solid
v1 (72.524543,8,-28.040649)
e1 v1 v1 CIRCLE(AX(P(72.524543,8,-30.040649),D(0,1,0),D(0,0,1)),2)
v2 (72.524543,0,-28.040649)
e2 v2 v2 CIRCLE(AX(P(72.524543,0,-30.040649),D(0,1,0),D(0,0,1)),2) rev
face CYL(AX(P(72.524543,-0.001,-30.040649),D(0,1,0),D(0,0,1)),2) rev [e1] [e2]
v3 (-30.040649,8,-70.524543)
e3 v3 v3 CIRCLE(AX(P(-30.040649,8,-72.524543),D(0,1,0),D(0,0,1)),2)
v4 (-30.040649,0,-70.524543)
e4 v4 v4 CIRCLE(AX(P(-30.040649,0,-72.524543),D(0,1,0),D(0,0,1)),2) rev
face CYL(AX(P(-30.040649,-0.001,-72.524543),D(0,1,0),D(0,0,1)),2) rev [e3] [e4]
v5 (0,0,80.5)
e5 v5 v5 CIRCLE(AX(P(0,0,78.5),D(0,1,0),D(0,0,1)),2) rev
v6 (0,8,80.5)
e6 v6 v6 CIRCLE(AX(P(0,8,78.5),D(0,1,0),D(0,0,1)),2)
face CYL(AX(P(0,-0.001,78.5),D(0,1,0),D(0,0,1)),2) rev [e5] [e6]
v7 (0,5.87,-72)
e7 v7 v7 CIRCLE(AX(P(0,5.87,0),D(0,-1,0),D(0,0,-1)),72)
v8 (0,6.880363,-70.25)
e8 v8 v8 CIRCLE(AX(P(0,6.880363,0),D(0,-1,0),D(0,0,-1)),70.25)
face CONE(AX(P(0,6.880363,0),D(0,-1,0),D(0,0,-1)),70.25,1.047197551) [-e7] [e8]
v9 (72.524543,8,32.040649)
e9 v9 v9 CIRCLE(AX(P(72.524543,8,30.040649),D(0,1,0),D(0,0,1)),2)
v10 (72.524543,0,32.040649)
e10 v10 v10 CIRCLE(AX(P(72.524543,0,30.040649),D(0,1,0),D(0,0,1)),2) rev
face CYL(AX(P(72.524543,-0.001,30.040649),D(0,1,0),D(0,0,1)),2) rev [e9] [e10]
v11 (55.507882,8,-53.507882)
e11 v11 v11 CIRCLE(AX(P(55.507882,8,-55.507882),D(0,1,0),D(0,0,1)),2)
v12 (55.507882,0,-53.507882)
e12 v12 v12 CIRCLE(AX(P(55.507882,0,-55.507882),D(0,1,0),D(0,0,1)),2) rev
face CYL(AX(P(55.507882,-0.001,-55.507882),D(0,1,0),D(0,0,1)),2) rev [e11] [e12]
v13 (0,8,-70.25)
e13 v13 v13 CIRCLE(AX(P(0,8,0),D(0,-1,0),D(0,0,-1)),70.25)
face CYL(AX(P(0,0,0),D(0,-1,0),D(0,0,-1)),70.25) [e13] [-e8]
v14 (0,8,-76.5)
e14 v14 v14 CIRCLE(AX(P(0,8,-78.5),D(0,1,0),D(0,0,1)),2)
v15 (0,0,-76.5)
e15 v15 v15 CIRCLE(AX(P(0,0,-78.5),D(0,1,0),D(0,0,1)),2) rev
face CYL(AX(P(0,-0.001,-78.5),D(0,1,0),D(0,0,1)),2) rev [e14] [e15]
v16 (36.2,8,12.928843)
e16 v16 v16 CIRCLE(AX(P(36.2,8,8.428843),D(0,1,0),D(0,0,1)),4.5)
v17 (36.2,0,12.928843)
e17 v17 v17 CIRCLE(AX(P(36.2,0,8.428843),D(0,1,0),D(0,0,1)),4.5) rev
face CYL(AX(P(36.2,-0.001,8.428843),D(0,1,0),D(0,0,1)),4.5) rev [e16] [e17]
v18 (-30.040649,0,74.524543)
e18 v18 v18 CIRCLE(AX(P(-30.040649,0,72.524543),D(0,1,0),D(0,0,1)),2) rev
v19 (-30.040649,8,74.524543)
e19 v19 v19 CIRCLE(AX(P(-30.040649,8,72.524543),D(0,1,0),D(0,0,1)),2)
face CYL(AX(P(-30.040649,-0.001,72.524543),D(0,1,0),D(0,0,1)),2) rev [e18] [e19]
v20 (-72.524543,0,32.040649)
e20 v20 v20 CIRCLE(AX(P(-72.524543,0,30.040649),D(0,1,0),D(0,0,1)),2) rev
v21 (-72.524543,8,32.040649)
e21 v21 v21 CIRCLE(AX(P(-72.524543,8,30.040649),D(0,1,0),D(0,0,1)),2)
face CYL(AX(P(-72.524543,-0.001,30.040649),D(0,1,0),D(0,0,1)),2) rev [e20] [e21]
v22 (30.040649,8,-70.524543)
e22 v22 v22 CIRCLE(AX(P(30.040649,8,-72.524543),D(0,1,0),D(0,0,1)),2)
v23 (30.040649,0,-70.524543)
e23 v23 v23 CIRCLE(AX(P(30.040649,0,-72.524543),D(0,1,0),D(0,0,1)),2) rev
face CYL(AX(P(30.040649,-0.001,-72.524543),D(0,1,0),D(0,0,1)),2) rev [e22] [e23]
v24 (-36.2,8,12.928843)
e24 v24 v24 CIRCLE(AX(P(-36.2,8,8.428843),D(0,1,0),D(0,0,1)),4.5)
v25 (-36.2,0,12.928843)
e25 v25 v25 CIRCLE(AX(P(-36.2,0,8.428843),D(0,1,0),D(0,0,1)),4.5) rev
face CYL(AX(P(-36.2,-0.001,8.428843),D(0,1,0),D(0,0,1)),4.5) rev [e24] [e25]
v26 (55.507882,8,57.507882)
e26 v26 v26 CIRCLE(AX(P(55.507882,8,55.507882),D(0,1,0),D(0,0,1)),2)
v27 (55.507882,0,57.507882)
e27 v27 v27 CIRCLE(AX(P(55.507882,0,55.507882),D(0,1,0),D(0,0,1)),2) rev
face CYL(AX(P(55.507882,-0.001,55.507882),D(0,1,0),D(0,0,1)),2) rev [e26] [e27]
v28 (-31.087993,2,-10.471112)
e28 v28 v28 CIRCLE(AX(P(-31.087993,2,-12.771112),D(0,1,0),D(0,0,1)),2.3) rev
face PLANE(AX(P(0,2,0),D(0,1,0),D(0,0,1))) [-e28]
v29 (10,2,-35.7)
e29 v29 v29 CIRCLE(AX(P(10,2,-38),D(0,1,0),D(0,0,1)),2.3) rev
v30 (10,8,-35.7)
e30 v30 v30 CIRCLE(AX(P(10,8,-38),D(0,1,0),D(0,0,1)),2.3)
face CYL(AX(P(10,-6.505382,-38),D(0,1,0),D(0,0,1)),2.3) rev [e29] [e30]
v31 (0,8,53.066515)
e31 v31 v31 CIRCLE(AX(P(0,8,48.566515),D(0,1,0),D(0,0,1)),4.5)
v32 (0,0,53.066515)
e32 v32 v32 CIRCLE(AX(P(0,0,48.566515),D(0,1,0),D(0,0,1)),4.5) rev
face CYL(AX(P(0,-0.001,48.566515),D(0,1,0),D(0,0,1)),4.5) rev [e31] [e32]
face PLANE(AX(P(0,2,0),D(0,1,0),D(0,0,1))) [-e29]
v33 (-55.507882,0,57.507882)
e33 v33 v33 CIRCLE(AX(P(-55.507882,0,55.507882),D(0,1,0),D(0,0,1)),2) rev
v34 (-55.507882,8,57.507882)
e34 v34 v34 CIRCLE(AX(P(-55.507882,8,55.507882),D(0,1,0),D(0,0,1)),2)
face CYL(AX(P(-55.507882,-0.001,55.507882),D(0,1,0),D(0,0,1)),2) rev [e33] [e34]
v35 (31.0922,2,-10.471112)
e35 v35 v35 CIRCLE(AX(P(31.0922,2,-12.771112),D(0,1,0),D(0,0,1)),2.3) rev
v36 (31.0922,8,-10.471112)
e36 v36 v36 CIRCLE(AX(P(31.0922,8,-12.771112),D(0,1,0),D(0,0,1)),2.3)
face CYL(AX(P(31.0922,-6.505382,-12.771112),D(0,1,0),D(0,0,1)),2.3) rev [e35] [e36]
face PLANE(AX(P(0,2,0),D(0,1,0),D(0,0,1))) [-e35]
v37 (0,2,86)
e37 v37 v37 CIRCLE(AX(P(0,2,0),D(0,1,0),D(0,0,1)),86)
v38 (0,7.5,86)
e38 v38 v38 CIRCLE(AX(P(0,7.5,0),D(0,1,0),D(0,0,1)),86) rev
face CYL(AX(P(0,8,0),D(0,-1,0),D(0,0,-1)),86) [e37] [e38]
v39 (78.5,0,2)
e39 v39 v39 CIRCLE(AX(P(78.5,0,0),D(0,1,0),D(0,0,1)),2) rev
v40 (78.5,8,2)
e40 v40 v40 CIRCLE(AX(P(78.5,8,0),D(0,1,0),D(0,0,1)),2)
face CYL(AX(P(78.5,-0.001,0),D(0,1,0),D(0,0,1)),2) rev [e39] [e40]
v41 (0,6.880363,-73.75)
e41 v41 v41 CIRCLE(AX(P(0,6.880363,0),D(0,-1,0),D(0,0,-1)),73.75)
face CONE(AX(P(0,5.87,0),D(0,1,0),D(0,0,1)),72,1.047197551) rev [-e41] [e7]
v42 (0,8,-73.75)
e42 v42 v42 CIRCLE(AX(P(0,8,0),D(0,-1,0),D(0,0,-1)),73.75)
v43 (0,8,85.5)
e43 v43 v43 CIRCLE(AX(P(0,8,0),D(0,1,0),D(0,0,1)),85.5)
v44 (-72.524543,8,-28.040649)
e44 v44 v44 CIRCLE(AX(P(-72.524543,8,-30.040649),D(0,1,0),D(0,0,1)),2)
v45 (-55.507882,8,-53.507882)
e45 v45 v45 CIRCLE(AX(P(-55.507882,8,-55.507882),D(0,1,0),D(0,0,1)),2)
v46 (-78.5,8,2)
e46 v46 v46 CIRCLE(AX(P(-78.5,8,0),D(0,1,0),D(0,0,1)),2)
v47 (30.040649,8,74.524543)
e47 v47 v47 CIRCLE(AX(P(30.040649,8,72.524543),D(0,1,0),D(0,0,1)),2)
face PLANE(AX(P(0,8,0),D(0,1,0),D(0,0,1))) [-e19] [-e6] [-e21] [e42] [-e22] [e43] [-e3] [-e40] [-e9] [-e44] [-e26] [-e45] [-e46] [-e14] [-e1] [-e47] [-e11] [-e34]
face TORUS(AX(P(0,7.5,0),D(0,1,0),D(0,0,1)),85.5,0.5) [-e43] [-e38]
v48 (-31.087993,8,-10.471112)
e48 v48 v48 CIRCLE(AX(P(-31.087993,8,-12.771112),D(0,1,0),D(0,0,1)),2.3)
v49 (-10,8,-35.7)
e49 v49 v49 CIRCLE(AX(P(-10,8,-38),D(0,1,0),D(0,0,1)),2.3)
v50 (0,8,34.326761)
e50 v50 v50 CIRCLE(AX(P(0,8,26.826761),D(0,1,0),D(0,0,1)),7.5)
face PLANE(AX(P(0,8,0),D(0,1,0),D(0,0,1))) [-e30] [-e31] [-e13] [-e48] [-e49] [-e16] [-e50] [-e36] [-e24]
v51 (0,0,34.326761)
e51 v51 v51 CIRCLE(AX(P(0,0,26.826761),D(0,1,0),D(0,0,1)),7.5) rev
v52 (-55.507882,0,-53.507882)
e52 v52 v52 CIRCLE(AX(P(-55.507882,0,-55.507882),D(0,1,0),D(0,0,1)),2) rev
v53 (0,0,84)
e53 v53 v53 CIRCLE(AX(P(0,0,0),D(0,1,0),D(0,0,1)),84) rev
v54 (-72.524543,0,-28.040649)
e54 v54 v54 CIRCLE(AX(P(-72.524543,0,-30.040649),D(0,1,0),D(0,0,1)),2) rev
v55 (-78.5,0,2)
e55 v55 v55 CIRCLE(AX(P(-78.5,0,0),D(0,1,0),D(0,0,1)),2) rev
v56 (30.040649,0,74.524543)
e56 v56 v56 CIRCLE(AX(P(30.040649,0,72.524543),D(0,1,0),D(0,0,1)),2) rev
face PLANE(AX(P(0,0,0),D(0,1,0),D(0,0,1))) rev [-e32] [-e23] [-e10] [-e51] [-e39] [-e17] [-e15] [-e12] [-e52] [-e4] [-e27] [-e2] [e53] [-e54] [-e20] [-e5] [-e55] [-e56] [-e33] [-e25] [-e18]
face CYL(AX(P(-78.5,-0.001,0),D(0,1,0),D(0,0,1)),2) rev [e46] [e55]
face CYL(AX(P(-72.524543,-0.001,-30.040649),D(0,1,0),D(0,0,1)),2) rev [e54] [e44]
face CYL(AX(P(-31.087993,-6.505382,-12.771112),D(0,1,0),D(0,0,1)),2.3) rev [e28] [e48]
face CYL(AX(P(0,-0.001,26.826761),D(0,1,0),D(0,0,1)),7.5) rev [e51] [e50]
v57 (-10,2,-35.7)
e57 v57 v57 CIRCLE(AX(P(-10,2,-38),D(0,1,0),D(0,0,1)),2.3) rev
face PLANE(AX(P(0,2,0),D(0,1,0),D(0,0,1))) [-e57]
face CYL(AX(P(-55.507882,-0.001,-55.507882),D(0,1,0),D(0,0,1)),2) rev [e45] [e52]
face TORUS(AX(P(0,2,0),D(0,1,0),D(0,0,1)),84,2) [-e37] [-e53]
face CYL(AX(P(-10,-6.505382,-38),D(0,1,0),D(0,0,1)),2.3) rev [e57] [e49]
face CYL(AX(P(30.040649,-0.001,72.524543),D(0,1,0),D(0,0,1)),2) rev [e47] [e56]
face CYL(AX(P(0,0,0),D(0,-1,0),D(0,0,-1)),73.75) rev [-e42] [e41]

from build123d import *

# Parameters (mm, degrees)
SKETCH1_R           = 86
BOSS_EXTRUDE1_DEPTH = 8
CUT_EXTRUDE1_REACH  = 123.885
SKETCH2_R           = 2
SKETCH6_R           = 2.3
CUT_EXTRUDE3_DEPTH  = 6
CUT_EXTRUDE4_REACH  = 123.885
SKETCH8_R           = 4.5
SKETCH8_R_2         = 7.5
FILLET1_R           = 2
FILLET2_R           = 0.5


with BuildPart() as part:
    # Sketch1 → Boss-Extrude1 (new body)
    with BuildSketch(Plane(origin=(0, 0, 0), x_dir=(1, 0, 0), z_dir=(0, 1, 0))):
        with Locations(Location((0, 0, 0), (0, 0, 270))):
            Circle(SKETCH1_R)
    extrude(amount=BOSS_EXTRUDE1_DEPTH)

    # Sketch2 → Cut-Extrude1 (cut, up to next)
    with BuildSketch(Plane(origin=(0, 8, 0), x_dir=(1, 0, 0), z_dir=(0, 1, 0)), mode=Mode.PRIVATE) as cut_extrude1_sk1:
        with Locations(Location((0, 78.5, 0), (0, 0, 270))):
            Circle(SKETCH2_R)
    cut_extrude1_tool1 = extrude(cut_extrude1_sk1.sketch, amount=-CUT_EXTRUDE1_REACH, mode=Mode.PRIVATE) & part.part
    # Sketch2 → Cut-Extrude1 (cut, up to next)
    with BuildSketch(Plane(origin=(0, 8, 0), x_dir=(1, 0, 0), z_dir=(0, 1, 0)), mode=Mode.PRIVATE) as cut_extrude1_sk2:
        with Locations(Location((30.040649441, 72.524543302, 0), (0, 0, 270))):
            Circle(SKETCH2_R)
    cut_extrude1_tool2 = extrude(cut_extrude1_sk2.sketch, amount=-CUT_EXTRUDE1_REACH, mode=Mode.PRIVATE) & part.part
    # Sketch2 → Cut-Extrude1 (cut, up to next)
    with BuildSketch(Plane(origin=(0, 8, 0), x_dir=(1, 0, 0), z_dir=(0, 1, 0)), mode=Mode.PRIVATE) as cut_extrude1_sk3:
        with Locations(Location((55.507882323, 55.507882323, 0), (0, 0, 270))):
            Circle(SKETCH2_R)
    cut_extrude1_tool3 = extrude(cut_extrude1_sk3.sketch, amount=-CUT_EXTRUDE1_REACH, mode=Mode.PRIVATE) & part.part
    # Sketch2 → Cut-Extrude1 (cut, up to next)
    with BuildSketch(Plane(origin=(0, 8, 0), x_dir=(1, 0, 0), z_dir=(0, 1, 0)), mode=Mode.PRIVATE) as cut_extrude1_sk4:
        with Locations(Location((72.524543302, 30.040649441, 0), (0, 0, 270))):
            Circle(SKETCH2_R)
    cut_extrude1_tool4 = extrude(cut_extrude1_sk4.sketch, amount=-CUT_EXTRUDE1_REACH, mode=Mode.PRIVATE) & part.part
    # Sketch2 → Cut-Extrude1 (cut, up to next)
    with BuildSketch(Plane(origin=(0, 8, 0), x_dir=(1, 0, 0), z_dir=(0, 1, 0)), mode=Mode.PRIVATE) as cut_extrude1_sk5:
        with Locations(Location((78.5, 0, 0), (0, 0, 270))):
            Circle(SKETCH2_R)
    cut_extrude1_tool5 = extrude(cut_extrude1_sk5.sketch, amount=-CUT_EXTRUDE1_REACH, mode=Mode.PRIVATE) & part.part
    # Sketch2 → Cut-Extrude1 (cut, up to next)
    with BuildSketch(Plane(origin=(0, 8, 0), x_dir=(1, 0, 0), z_dir=(0, 1, 0)), mode=Mode.PRIVATE) as cut_extrude1_sk6:
        with Locations(Location((72.524543302, -30.040649441, 0), (0, 0, 270))):
            Circle(SKETCH2_R)
    cut_extrude1_tool6 = extrude(cut_extrude1_sk6.sketch, amount=-CUT_EXTRUDE1_REACH, mode=Mode.PRIVATE) & part.part
    # Sketch2 → Cut-Extrude1 (cut, up to next)
    with BuildSketch(Plane(origin=(0, 8, 0), x_dir=(1, 0, 0), z_dir=(0, 1, 0)), mode=Mode.PRIVATE) as cut_extrude1_sk7:
        with Locations(Location((55.507882323, -55.507882323, 0), (0, 0, 270))):
            Circle(SKETCH2_R)
    cut_extrude1_tool7 = extrude(cut_extrude1_sk7.sketch, amount=-CUT_EXTRUDE1_REACH, mode=Mode.PRIVATE) & part.part
    # Sketch2 → Cut-Extrude1 (cut, up to next)
    with BuildSketch(Plane(origin=(0, 8, 0), x_dir=(1, 0, 0), z_dir=(0, 1, 0)), mode=Mode.PRIVATE) as cut_extrude1_sk8:
        with Locations(Location((30.040649441, -72.524543302, 0), (0, 0, 270))):
            Circle(SKETCH2_R)
    cut_extrude1_tool8 = extrude(cut_extrude1_sk8.sketch, amount=-CUT_EXTRUDE1_REACH, mode=Mode.PRIVATE) & part.part
    # Sketch2 → Cut-Extrude1 (cut, up to next)
    with BuildSketch(Plane(origin=(0, 8, 0), x_dir=(1, 0, 0), z_dir=(0, 1, 0)), mode=Mode.PRIVATE) as cut_extrude1_sk9:
        with Locations(Location((0, -78.5, 0), (0, 0, 270))):
            Circle(SKETCH2_R)
    cut_extrude1_tool9 = extrude(cut_extrude1_sk9.sketch, amount=-CUT_EXTRUDE1_REACH, mode=Mode.PRIVATE) & part.part
    # Sketch2 → Cut-Extrude1 (cut, up to next)
    with BuildSketch(Plane(origin=(0, 8, 0), x_dir=(1, 0, 0), z_dir=(0, 1, 0)), mode=Mode.PRIVATE) as cut_extrude1_sk10:
        with Locations(Location((-30.040649441, -72.524543302, 0), (0, 0, 270))):
            Circle(SKETCH2_R)
    cut_extrude1_tool10 = extrude(cut_extrude1_sk10.sketch, amount=-CUT_EXTRUDE1_REACH, mode=Mode.PRIVATE) & part.part
    # Sketch2 → Cut-Extrude1 (cut, up to next)
    with BuildSketch(Plane(origin=(0, 8, 0), x_dir=(1, 0, 0), z_dir=(0, 1, 0)), mode=Mode.PRIVATE) as cut_extrude1_sk11:
        with Locations(Location((-55.507882323, -55.507882323, 0), (0, 0, 270))):
            Circle(SKETCH2_R)
    cut_extrude1_tool11 = extrude(cut_extrude1_sk11.sketch, amount=-CUT_EXTRUDE1_REACH, mode=Mode.PRIVATE) & part.part
    # Sketch2 → Cut-Extrude1 (cut, up to next)
    with BuildSketch(Plane(origin=(0, 8, 0), x_dir=(1, 0, 0), z_dir=(0, 1, 0)), mode=Mode.PRIVATE) as cut_extrude1_sk12:
        with Locations(Location((-72.524543302, -30.040649441, 0), (0, 0, 270))):
            Circle(SKETCH2_R)
    cut_extrude1_tool12 = extrude(cut_extrude1_sk12.sketch, amount=-CUT_EXTRUDE1_REACH, mode=Mode.PRIVATE) & part.part
    # Sketch2 → Cut-Extrude1 (cut, up to next)
    with BuildSketch(Plane(origin=(0, 8, 0), x_dir=(1, 0, 0), z_dir=(0, 1, 0)), mode=Mode.PRIVATE) as cut_extrude1_sk13:
        with Locations(Location((-78.5, 0, 0), (0, 0, 270))):
            Circle(SKETCH2_R)
    cut_extrude1_tool13 = extrude(cut_extrude1_sk13.sketch, amount=-CUT_EXTRUDE1_REACH, mode=Mode.PRIVATE) & part.part
    # Sketch2 → Cut-Extrude1 (cut, up to next)
    with BuildSketch(Plane(origin=(0, 8, 0), x_dir=(1, 0, 0), z_dir=(0, 1, 0)), mode=Mode.PRIVATE) as cut_extrude1_sk14:
        with Locations(Location((-72.524543302, 30.040649441, 0), (0, 0, 270))):
            Circle(SKETCH2_R)
    cut_extrude1_tool14 = extrude(cut_extrude1_sk14.sketch, amount=-CUT_EXTRUDE1_REACH, mode=Mode.PRIVATE) & part.part
    # Sketch2 → Cut-Extrude1 (cut, up to next)
    with BuildSketch(Plane(origin=(0, 8, 0), x_dir=(1, 0, 0), z_dir=(0, 1, 0)), mode=Mode.PRIVATE) as cut_extrude1_sk15:
        with Locations(Location((-55.507882323, 55.507882323, 0), (0, 0, 270))):
            Circle(SKETCH2_R)
    cut_extrude1_tool15 = extrude(cut_extrude1_sk15.sketch, amount=-CUT_EXTRUDE1_REACH, mode=Mode.PRIVATE) & part.part
    # Sketch2 → Cut-Extrude1 (cut, up to next)
    with BuildSketch(Plane(origin=(0, 8, 0), x_dir=(1, 0, 0), z_dir=(0, 1, 0)), mode=Mode.PRIVATE) as cut_extrude1_sk16:
        with Locations(Location((-30.040649441, 72.524543302, 0), (0, 0, 270))):
            Circle(SKETCH2_R)
    cut_extrude1_tool16 = extrude(cut_extrude1_sk16.sketch, amount=-CUT_EXTRUDE1_REACH, mode=Mode.PRIVATE) & part.part
    add(cut_extrude1_tool1.solids().sort_by_distance((0, 8, -78.5))[0], mode=Mode.SUBTRACT)
    add(cut_extrude1_tool2.solids().sort_by_distance((30.040649, 8, -72.524543))[0], mode=Mode.SUBTRACT)
    add(cut_extrude1_tool3.solids().sort_by_distance((55.507882, 8, -55.507882))[0], mode=Mode.SUBTRACT)
    add(cut_extrude1_tool4.solids().sort_by_distance((72.524543, 8, -30.040649))[0], mode=Mode.SUBTRACT)
    add(cut_extrude1_tool5.solids().sort_by_distance((78.5, 8, 0))[0], mode=Mode.SUBTRACT)
    add(cut_extrude1_tool6.solids().sort_by_distance((72.524543, 8, 30.040649))[0], mode=Mode.SUBTRACT)
    add(cut_extrude1_tool7.solids().sort_by_distance((55.507882, 8, 55.507882))[0], mode=Mode.SUBTRACT)
    add(cut_extrude1_tool8.solids().sort_by_distance((30.040649, 8, 72.524543))[0], mode=Mode.SUBTRACT)
    add(cut_extrude1_tool9.solids().sort_by_distance((0, 8, 78.5))[0], mode=Mode.SUBTRACT)
    add(cut_extrude1_tool10.solids().sort_by_distance((-30.040649, 8, 72.524543))[0], mode=Mode.SUBTRACT)
    add(cut_extrude1_tool11.solids().sort_by_distance((-55.507882, 8, 55.507882))[0], mode=Mode.SUBTRACT)
    add(cut_extrude1_tool12.solids().sort_by_distance((-72.524543, 8, 30.040649))[0], mode=Mode.SUBTRACT)
    add(cut_extrude1_tool13.solids().sort_by_distance((-78.5, 8, 0))[0], mode=Mode.SUBTRACT)
    add(cut_extrude1_tool14.solids().sort_by_distance((-72.524543, 8, -30.040649))[0], mode=Mode.SUBTRACT)
    add(cut_extrude1_tool15.solids().sort_by_distance((-55.507882, 8, -55.507882))[0], mode=Mode.SUBTRACT)
    add(cut_extrude1_tool16.solids().sort_by_distance((-30.040649, 8, -72.524543))[0], mode=Mode.SUBTRACT)

    # Sketch6 → Cut-Extrude3 (cut)
    with BuildSketch(Plane(origin=(0, 8, 0), x_dir=(1, 0, 0), z_dir=(0, 1, 0))):
        with Locations(Location((-10, 38, 0), (0, 0, 270))):
            Circle(SKETCH6_R)
        with Locations(Location((10, 38, 0), (0, 0, 270))):
            Circle(SKETCH6_R)
        with Locations(Location((-31.087993015, 12.771112084, 0), (0, 0, 270))):
            Circle(SKETCH6_R)
        with Locations(Location((31.092199918, 12.771112084, 0), (0, 0, 270))):
            Circle(SKETCH6_R)
    extrude(amount=-CUT_EXTRUDE3_DEPTH, mode=Mode.SUBTRACT)

    # Sketch8 → Cut-Extrude4 (cut, up to next)
    with BuildSketch(Plane(origin=(0, 8, 0), x_dir=(1, 0, 0), z_dir=(0, 1, 0)), mode=Mode.PRIVATE) as cut_extrude4_sk1:
        with Locations(Location((-36.2, -8.428843365, 0), (0, 0, 270))):
            Circle(SKETCH8_R)
    cut_extrude4_tool1 = extrude(cut_extrude4_sk1.sketch, amount=-CUT_EXTRUDE4_REACH, mode=Mode.PRIVATE) & part.part
    # Sketch8 → Cut-Extrude4 (cut, up to next)
    with BuildSketch(Plane(origin=(0, 8, 0), x_dir=(1, 0, 0), z_dir=(0, 1, 0)), mode=Mode.PRIVATE) as cut_extrude4_sk2:
        with Locations(Location((36.2, -8.428843365, 0), (0, 0, 270))):
            Circle(SKETCH8_R)
    cut_extrude4_tool2 = extrude(cut_extrude4_sk2.sketch, amount=-CUT_EXTRUDE4_REACH, mode=Mode.PRIVATE) & part.part
    # Sketch8 → Cut-Extrude4 (cut, up to next)
    with BuildSketch(Plane(origin=(0, 8, 0), x_dir=(1, 0, 0), z_dir=(0, 1, 0)), mode=Mode.PRIVATE) as cut_extrude4_sk3:
        with Locations(Location((0, -48.566515497, 0), (0, 0, 270))):
            Circle(SKETCH8_R)
    cut_extrude4_tool3 = extrude(cut_extrude4_sk3.sketch, amount=-CUT_EXTRUDE4_REACH, mode=Mode.PRIVATE) & part.part
    # Sketch8 → Cut-Extrude4 (cut, up to next)
    with BuildSketch(Plane(origin=(0, 8, 0), x_dir=(1, 0, 0), z_dir=(0, 1, 0)), mode=Mode.PRIVATE) as cut_extrude4_sk4:
        with Locations(Location((0, -26.826761031, 0), (0, 0, 270))):
            Circle(SKETCH8_R_2)
    cut_extrude4_tool4 = extrude(cut_extrude4_sk4.sketch, amount=-CUT_EXTRUDE4_REACH, mode=Mode.PRIVATE) & part.part
    add(cut_extrude4_tool1.solids().sort_by_distance((-36.2, 8, 8.428843))[0], mode=Mode.SUBTRACT)
    add(cut_extrude4_tool2.solids().sort_by_distance((36.2, 8, 8.428843))[0], mode=Mode.SUBTRACT)
    add(cut_extrude4_tool3.solids().sort_by_distance((0, 8, 48.566515))[0], mode=Mode.SUBTRACT)
    add(cut_extrude4_tool4.solids().sort_by_distance((0, 8, 26.826761))[0], mode=Mode.SUBTRACT)

    # Sketch4 → Cut-Revolve1 (revolve, cut)
    with BuildSketch(Plane.XY, mode=Mode.PRIVATE) as cut_revolve1_sk:
        Polygon((73.75, 6.880362971), (73.75, 8), (70.25, 8), (70.25, 6.880362971), (72, 5.87), align=None)
    revolve(cut_revolve1_sk.sketch.rotate(Axis((0, 0, 0), (0, 1, 0)), 90), axis=Axis((0, 0, 0), (0, 1, 0)), mode=Mode.SUBTRACT)

    # Fillet1
    fillet1_edges = [part.edges().sort_by_distance(p)[0] for p in [
        (0, 0, -86),
    ]]
    fillet(fillet1_edges, radius=FILLET1_R)

    # Fillet2
    fillet2_edges = [part.edges().sort_by_distance(p)[0] for p in [
        (0, 8, -86),
    ]]
    fillet(fillet2_edges, radius=FILLET2_R)


solid = part.part
